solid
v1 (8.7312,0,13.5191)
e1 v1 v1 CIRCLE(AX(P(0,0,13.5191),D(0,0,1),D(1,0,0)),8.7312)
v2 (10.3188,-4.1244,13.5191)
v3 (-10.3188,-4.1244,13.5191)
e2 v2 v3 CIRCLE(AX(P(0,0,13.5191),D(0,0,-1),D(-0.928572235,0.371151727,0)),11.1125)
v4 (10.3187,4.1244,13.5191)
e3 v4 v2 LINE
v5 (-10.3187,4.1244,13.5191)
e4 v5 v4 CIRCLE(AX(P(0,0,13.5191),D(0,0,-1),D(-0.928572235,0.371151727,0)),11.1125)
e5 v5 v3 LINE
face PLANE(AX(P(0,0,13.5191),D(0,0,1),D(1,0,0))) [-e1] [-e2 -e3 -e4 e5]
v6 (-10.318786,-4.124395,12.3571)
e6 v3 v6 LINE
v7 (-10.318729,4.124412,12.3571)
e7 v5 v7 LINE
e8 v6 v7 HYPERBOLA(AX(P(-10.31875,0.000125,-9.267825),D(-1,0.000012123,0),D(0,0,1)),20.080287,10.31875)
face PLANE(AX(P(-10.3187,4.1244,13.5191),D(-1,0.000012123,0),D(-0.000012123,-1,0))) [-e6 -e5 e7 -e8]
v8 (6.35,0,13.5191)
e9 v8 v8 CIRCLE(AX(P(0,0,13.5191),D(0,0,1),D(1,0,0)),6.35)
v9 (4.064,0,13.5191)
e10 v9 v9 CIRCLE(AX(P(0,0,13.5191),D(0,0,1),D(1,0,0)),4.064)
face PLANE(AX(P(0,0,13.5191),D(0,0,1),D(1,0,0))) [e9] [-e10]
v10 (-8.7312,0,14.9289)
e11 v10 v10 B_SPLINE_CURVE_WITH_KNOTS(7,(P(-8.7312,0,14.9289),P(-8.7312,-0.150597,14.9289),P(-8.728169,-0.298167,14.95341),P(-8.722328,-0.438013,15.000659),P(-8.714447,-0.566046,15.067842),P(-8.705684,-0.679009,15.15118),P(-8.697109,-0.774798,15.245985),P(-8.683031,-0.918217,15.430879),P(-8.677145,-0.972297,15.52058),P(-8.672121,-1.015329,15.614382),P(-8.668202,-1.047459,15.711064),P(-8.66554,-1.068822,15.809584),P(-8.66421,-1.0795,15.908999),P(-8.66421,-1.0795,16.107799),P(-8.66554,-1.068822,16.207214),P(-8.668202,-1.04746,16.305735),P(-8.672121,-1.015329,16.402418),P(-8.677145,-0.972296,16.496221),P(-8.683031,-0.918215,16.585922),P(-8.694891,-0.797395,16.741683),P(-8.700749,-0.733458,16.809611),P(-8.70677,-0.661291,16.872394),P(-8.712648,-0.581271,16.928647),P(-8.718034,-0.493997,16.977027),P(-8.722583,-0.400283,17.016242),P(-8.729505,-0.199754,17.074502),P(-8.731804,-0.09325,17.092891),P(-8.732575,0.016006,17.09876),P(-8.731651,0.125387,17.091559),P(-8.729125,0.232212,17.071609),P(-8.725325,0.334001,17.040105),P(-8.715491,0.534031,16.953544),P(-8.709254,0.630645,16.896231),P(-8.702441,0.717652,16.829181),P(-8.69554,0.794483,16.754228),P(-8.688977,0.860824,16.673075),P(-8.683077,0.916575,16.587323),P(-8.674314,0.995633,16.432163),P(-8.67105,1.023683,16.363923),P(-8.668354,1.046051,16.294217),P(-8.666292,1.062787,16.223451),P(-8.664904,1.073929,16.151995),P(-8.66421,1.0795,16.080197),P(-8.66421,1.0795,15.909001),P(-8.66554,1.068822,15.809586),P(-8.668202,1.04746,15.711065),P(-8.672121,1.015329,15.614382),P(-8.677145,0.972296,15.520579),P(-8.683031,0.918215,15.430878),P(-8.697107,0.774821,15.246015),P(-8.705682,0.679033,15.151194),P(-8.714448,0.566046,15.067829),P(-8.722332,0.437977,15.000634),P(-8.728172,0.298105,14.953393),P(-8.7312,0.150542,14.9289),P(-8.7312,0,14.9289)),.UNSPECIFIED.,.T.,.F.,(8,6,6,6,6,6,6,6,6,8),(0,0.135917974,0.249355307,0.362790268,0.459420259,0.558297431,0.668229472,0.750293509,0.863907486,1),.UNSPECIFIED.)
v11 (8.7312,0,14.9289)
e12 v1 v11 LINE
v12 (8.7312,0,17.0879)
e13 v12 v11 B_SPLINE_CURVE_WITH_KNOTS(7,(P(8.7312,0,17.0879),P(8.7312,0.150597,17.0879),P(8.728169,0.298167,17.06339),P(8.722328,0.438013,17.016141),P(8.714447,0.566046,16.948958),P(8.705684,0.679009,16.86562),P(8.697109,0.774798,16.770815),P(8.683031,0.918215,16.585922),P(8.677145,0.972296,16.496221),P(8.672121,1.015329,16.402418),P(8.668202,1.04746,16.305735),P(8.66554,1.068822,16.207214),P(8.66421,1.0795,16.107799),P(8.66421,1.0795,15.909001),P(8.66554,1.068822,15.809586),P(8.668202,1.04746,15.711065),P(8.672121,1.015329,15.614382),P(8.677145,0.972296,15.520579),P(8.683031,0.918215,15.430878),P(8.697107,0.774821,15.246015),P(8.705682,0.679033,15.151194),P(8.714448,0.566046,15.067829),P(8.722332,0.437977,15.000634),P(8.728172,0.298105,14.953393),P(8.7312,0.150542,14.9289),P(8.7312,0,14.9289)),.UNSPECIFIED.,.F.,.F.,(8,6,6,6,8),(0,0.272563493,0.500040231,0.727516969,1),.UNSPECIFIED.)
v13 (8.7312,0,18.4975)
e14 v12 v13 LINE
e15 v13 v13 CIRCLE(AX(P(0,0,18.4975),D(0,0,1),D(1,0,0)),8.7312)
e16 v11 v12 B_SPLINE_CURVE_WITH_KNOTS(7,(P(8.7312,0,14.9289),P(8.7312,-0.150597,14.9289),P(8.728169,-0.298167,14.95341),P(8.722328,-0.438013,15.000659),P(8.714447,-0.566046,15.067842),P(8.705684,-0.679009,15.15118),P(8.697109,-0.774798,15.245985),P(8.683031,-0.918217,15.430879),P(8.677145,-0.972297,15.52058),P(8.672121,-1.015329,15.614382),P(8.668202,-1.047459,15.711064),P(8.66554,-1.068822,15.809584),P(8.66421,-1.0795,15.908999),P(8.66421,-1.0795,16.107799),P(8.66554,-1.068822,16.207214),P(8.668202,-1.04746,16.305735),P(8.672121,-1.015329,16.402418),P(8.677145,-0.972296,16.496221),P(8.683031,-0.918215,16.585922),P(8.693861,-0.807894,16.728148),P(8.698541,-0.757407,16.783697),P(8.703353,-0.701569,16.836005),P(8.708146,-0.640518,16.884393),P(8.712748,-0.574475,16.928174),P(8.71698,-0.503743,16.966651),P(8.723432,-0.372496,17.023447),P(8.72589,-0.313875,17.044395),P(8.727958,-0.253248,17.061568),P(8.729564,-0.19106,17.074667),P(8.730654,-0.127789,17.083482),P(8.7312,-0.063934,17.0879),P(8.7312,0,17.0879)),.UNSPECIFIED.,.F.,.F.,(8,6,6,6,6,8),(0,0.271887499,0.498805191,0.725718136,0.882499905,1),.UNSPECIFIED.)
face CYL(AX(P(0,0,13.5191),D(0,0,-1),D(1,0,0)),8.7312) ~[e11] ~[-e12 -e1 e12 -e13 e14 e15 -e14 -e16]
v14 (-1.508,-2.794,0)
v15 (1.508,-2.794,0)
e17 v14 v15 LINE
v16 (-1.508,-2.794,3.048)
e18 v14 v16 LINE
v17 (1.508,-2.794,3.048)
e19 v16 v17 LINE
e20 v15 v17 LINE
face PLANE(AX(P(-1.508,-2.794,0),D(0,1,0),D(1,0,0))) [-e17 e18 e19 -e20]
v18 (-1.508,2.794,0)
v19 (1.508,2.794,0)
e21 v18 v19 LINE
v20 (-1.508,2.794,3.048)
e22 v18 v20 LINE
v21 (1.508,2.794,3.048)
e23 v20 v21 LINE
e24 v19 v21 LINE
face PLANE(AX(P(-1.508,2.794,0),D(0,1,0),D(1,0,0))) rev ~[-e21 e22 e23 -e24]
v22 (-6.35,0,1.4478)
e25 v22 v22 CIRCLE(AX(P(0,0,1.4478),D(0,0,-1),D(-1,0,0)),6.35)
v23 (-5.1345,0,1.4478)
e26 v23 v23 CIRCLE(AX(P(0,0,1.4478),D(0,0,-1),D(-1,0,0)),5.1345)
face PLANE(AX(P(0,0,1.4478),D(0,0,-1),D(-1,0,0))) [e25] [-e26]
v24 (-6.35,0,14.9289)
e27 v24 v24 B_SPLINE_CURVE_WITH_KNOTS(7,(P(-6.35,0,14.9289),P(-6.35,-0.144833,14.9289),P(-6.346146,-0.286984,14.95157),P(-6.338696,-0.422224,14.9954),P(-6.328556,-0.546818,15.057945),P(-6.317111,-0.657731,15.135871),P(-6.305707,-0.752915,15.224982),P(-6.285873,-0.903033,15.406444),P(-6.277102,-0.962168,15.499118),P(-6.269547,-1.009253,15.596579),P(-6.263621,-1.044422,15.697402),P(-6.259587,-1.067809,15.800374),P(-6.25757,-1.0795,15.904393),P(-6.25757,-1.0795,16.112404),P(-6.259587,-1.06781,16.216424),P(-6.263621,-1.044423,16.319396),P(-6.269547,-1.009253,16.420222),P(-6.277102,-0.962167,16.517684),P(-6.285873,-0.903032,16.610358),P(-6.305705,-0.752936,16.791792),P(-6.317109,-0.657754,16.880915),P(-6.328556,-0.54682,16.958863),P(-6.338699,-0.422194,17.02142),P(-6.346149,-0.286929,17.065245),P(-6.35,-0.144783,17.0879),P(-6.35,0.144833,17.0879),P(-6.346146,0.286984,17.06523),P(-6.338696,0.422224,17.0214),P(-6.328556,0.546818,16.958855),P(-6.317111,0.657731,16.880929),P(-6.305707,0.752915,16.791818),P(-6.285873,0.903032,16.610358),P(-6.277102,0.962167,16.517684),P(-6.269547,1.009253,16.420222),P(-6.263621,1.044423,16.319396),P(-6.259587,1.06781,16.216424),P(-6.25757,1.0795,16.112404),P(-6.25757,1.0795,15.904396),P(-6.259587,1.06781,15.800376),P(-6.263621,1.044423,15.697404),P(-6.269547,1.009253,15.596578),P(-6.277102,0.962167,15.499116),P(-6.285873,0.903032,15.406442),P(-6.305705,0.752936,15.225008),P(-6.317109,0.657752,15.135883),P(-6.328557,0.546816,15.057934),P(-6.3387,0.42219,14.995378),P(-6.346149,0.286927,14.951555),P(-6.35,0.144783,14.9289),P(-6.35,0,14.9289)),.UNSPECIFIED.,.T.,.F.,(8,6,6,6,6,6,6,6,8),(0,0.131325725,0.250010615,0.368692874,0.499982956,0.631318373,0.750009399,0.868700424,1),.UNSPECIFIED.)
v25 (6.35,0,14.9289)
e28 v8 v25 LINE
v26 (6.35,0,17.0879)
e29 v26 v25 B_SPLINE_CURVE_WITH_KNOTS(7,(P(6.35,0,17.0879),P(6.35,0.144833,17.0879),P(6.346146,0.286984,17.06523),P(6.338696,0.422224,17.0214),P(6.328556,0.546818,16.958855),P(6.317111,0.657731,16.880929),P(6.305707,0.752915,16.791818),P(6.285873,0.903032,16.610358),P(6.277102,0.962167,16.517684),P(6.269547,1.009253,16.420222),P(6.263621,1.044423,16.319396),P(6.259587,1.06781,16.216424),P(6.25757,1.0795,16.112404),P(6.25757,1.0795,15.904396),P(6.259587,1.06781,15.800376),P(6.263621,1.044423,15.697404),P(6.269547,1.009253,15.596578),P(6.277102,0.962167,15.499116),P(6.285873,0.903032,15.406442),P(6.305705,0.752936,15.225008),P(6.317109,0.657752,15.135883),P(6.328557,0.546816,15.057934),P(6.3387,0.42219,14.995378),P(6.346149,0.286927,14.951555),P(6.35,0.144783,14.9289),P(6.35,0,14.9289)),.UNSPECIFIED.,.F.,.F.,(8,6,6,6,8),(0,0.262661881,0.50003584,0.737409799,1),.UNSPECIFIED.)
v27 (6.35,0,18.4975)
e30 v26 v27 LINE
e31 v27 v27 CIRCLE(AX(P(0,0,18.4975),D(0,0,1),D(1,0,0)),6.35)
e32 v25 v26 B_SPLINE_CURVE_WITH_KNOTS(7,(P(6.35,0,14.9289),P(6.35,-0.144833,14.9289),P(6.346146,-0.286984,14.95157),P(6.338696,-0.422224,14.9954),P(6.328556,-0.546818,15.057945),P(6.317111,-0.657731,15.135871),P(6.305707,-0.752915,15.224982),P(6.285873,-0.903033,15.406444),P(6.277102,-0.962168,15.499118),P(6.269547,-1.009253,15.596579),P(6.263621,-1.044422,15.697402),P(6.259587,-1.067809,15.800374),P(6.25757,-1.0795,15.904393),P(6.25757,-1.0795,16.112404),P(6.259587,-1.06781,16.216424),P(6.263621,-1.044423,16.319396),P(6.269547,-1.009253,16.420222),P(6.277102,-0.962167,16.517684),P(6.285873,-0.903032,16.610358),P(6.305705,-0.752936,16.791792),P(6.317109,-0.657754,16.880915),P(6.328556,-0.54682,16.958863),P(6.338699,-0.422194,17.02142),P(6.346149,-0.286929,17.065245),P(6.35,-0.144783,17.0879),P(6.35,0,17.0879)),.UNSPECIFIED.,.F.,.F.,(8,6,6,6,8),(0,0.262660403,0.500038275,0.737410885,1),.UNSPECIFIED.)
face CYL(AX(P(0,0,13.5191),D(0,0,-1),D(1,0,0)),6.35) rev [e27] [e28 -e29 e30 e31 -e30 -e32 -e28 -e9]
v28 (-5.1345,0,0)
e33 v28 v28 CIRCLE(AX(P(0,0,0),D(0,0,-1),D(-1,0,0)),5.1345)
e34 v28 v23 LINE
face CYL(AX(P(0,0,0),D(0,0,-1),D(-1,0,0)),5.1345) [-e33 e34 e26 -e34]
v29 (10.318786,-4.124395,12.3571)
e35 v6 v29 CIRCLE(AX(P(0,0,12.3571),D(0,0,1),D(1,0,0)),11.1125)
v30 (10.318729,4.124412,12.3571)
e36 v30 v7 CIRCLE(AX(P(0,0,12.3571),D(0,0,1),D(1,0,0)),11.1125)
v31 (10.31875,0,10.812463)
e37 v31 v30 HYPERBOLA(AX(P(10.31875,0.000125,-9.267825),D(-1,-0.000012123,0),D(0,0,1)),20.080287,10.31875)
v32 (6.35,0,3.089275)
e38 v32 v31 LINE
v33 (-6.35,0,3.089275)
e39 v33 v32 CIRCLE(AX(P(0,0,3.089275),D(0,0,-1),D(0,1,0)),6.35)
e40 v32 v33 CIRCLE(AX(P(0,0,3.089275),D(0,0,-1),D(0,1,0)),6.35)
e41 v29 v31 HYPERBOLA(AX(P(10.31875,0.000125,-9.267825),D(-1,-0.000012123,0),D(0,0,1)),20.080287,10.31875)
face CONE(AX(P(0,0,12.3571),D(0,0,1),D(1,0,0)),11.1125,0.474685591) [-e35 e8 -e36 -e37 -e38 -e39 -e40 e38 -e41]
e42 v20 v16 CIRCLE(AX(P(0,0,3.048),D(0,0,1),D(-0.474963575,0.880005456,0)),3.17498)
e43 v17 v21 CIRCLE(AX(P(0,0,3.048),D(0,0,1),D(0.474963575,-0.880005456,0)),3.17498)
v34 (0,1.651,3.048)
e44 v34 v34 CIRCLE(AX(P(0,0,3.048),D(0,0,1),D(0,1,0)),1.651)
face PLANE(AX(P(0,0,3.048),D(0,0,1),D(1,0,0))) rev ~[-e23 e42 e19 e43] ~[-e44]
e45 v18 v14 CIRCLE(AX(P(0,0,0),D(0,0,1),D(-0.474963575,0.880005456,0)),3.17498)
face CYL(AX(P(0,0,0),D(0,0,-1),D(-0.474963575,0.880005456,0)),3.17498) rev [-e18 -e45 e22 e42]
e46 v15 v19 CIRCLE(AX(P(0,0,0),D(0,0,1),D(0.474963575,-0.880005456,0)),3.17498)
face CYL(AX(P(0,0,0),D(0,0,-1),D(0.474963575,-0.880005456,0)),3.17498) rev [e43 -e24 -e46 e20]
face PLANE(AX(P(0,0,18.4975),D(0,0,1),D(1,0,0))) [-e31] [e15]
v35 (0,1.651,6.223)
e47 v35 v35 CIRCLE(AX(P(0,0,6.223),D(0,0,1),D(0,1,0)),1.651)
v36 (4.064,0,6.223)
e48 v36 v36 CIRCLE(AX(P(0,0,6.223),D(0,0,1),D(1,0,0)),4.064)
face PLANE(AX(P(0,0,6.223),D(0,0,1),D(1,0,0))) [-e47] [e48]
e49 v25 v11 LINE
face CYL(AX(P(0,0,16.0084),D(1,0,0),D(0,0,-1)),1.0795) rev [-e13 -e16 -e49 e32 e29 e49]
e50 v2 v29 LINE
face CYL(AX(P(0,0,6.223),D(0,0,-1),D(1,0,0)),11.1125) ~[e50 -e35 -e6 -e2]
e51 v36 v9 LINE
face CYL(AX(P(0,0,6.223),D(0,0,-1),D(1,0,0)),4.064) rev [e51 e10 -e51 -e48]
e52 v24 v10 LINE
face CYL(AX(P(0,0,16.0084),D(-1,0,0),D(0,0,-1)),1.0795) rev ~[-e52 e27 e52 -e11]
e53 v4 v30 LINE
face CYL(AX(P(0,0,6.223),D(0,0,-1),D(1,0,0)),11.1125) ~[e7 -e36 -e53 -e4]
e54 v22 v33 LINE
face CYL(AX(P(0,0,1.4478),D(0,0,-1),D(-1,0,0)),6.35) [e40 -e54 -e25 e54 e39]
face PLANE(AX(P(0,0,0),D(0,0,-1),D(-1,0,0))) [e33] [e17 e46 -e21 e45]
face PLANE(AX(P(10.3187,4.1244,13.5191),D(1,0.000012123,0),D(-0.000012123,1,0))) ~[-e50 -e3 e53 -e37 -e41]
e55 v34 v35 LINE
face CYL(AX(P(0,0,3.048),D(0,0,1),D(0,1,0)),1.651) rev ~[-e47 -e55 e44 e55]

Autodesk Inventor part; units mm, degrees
ref_plane "YZ Plane" through (0, 0, 0) normal (1, 0, 0) x (0, 1, 0)
ref_plane "XZ Plane" through (0, 0, 0) normal (0, 1, 0) x (-1, 0, 0)
sketch "Sketch1" plane through (0, 0, 0) normal (0, 0, 1) x (1, 0, 0)
  arc A0 (-1.508, 2.794) -> (-1.508, -2.794) centre (0, 0) ccw
  line L0 (-3.175, 0) -> (0, 0) construction
  line L1 (0, 0) -> (3.175, 0) construction
  line L2 (-1.508, 2.794) -> (1.508, 2.794)
  line L3 (-1.508, -2.794) -> (1.508, -2.794)
  arc A1 (1.508, 2.794) -> (-1.508, 2.794) centre (0, 0) ccw construction
  arc A2 (1.508, -2.794) -> (1.508, 2.794) centre (0, 0) ccw
  arc A3 (-1.508, -2.794) -> (1.508, -2.794) centre (0, 0) ccw construction
  circle A4 centre (0, 0) radius 3.429 construction
  circle A5 centre (0, 0) radius 4.064
  circle A6 centre (0, 0) radius 11.1125
  dimension "d1" = 2.794
  dimension "d2" = 3.175
  dimension "d3" = 6.858
  dimension "d5" = 0.635
  dimension "d6" = 22.225
extrude "Extrusion1" add sketch "Sketch1" along normal blind 3.048 contours A5 | A6
sketch "Sketch2" plane through (0, 0, 3.048) normal (0, 0, 1) x (1, 0, 0)
  circle A0 centre (0, 0) radius 11.1125 projected
  arc A1 (-1.508, 2.794) -> (-1.508, -2.794) centre (0, 0) ccw projected
extrude "Extrusion2" add sketch "Sketch2" along normal blind 3.175
hole "Hole1" at (0, 0, 3.048) direction (0, 0, 1) diameter 3.302 depth 25.4 tip angle 118 thread size "8-32 UNC" class "2B" standard "ANSI Unified Screw Threads"
sketch "Sketch3" plane through (0, 0, 6.223) normal (0, 0, 1) x (1, 0, 0)
  circle A0 centre (0, 0) radius 11.1125 projected
  circle A1 centre (0, 0) radius 3.429
  circle A2 centre (0, 0) radius 4.064
  dimension "d18" = 6.858
  dimension "d19" = 0.635
extrude "Extrusion3" add sketch "Sketch3" along normal blind 7.2961 contours A0
chamfer "Chamfer1" distance 6.35 distance2 12.3571 1 edges at (-11.1125, 0, 0) measured on face at (0.4465, -5.5398, 0)
sketch "Sketch6" plane through (0, 0, 13.5191) normal (0, 0, 1) x (1, 0, 0)
  circle A0 centre (0, 0) radius 11.1125 projected
  circle A1 centre (0, 0) radius 6.35
  circle A2 centre (0, 0) radius 8.7312
  dimension "d38" = 12.7
  dimension "d52" = 2.3813
  dimension "d53" = 2.3813
extrude "Extrusion5" add sketch "Sketch6" along normal blind 4.9784 contours A2
sketch "Sketch7" plane through (0, 0, 0) normal (1, 0, 0) x (0, 1, 0)
  line L0 (-6.35, 18.4975) -> (6.35, 18.4975) projected
  line L1 (6.35, 13.5191) -> (-6.35, 13.5191) projected
  line L2 (0, 0) -> (0, 13.5191) construction
  line L3 (0, 13.5191) -> (0, 18.4975) construction
  point P0 (0, 16.0084)
hole "Hole3" at (0, 0, 16.0084) direction (-1, 0, 0) diameter 2.159 end through all
sketch "Sketch8" plane through (0, 0, 13.5191) normal (0, 0, 1) x (1, 0, 0)
  circle A0 centre (0, 0) radius 11.1125 projected
  circle A1 centre (0, 0) radius 8.7312 projected
  line L0 (-10.3187, 4.1244) -> (-10.3188, -4.1244)
  line L1 (-11.1125, 0) -> (0, 0)
  dimension "d49" = 0.7937
extrude "Extrusion6" cut sketch "Sketch8" against normal through all contours L0 L1 A0 | A0 L1 L0
mirror "Mirror2" about plane through (0, 0, 0) normal (1, 0, 0) of "Hole3", "Extrusion6"
ref_plane "Work Plane3" through (0, 0, 1.4478) normal (0, 0, -1) x (-1, 0, 0)
sketch "Sketch12" plane through (0, 0, 1.4478) normal (0, 0, -1) x (-1, 0, 0)
  circle A0 centre (0, 0) radius 6.35
  circle A1 centre (0, 0) radius 5.0165
  dimension "d60" = 12.7
  dimension "d61" = 10.033
extrude "Extrusion9" add sketch "Sketch12" against normal blind 2.54
sketch "Sketch13" plane through (0, 0, 0) normal (0, 0, -1) x (-1, 0, 0)
  circle A0 centre (0, 0) radius 4.7625 projected
  circle A1 centre (0, 0) radius 5.5065 projected
  circle A2 centre (0, 0) radius 5.1345
  dimension "d64" = 0.372
  dimension "d65" = 0.372
extrude "Extrusion10" cut sketch "Sketch13" against normal up to surface (1.4478 mm away) contours A1
extrude "Extrusion11" add sketch "Sketch13" against normal up to surface (1.4478 mm away) contours A2
equation "\"d52\" = d53"
equation "\"d64\" = d65"
properties part number "Pneumatic Connector -Actuator Side"
